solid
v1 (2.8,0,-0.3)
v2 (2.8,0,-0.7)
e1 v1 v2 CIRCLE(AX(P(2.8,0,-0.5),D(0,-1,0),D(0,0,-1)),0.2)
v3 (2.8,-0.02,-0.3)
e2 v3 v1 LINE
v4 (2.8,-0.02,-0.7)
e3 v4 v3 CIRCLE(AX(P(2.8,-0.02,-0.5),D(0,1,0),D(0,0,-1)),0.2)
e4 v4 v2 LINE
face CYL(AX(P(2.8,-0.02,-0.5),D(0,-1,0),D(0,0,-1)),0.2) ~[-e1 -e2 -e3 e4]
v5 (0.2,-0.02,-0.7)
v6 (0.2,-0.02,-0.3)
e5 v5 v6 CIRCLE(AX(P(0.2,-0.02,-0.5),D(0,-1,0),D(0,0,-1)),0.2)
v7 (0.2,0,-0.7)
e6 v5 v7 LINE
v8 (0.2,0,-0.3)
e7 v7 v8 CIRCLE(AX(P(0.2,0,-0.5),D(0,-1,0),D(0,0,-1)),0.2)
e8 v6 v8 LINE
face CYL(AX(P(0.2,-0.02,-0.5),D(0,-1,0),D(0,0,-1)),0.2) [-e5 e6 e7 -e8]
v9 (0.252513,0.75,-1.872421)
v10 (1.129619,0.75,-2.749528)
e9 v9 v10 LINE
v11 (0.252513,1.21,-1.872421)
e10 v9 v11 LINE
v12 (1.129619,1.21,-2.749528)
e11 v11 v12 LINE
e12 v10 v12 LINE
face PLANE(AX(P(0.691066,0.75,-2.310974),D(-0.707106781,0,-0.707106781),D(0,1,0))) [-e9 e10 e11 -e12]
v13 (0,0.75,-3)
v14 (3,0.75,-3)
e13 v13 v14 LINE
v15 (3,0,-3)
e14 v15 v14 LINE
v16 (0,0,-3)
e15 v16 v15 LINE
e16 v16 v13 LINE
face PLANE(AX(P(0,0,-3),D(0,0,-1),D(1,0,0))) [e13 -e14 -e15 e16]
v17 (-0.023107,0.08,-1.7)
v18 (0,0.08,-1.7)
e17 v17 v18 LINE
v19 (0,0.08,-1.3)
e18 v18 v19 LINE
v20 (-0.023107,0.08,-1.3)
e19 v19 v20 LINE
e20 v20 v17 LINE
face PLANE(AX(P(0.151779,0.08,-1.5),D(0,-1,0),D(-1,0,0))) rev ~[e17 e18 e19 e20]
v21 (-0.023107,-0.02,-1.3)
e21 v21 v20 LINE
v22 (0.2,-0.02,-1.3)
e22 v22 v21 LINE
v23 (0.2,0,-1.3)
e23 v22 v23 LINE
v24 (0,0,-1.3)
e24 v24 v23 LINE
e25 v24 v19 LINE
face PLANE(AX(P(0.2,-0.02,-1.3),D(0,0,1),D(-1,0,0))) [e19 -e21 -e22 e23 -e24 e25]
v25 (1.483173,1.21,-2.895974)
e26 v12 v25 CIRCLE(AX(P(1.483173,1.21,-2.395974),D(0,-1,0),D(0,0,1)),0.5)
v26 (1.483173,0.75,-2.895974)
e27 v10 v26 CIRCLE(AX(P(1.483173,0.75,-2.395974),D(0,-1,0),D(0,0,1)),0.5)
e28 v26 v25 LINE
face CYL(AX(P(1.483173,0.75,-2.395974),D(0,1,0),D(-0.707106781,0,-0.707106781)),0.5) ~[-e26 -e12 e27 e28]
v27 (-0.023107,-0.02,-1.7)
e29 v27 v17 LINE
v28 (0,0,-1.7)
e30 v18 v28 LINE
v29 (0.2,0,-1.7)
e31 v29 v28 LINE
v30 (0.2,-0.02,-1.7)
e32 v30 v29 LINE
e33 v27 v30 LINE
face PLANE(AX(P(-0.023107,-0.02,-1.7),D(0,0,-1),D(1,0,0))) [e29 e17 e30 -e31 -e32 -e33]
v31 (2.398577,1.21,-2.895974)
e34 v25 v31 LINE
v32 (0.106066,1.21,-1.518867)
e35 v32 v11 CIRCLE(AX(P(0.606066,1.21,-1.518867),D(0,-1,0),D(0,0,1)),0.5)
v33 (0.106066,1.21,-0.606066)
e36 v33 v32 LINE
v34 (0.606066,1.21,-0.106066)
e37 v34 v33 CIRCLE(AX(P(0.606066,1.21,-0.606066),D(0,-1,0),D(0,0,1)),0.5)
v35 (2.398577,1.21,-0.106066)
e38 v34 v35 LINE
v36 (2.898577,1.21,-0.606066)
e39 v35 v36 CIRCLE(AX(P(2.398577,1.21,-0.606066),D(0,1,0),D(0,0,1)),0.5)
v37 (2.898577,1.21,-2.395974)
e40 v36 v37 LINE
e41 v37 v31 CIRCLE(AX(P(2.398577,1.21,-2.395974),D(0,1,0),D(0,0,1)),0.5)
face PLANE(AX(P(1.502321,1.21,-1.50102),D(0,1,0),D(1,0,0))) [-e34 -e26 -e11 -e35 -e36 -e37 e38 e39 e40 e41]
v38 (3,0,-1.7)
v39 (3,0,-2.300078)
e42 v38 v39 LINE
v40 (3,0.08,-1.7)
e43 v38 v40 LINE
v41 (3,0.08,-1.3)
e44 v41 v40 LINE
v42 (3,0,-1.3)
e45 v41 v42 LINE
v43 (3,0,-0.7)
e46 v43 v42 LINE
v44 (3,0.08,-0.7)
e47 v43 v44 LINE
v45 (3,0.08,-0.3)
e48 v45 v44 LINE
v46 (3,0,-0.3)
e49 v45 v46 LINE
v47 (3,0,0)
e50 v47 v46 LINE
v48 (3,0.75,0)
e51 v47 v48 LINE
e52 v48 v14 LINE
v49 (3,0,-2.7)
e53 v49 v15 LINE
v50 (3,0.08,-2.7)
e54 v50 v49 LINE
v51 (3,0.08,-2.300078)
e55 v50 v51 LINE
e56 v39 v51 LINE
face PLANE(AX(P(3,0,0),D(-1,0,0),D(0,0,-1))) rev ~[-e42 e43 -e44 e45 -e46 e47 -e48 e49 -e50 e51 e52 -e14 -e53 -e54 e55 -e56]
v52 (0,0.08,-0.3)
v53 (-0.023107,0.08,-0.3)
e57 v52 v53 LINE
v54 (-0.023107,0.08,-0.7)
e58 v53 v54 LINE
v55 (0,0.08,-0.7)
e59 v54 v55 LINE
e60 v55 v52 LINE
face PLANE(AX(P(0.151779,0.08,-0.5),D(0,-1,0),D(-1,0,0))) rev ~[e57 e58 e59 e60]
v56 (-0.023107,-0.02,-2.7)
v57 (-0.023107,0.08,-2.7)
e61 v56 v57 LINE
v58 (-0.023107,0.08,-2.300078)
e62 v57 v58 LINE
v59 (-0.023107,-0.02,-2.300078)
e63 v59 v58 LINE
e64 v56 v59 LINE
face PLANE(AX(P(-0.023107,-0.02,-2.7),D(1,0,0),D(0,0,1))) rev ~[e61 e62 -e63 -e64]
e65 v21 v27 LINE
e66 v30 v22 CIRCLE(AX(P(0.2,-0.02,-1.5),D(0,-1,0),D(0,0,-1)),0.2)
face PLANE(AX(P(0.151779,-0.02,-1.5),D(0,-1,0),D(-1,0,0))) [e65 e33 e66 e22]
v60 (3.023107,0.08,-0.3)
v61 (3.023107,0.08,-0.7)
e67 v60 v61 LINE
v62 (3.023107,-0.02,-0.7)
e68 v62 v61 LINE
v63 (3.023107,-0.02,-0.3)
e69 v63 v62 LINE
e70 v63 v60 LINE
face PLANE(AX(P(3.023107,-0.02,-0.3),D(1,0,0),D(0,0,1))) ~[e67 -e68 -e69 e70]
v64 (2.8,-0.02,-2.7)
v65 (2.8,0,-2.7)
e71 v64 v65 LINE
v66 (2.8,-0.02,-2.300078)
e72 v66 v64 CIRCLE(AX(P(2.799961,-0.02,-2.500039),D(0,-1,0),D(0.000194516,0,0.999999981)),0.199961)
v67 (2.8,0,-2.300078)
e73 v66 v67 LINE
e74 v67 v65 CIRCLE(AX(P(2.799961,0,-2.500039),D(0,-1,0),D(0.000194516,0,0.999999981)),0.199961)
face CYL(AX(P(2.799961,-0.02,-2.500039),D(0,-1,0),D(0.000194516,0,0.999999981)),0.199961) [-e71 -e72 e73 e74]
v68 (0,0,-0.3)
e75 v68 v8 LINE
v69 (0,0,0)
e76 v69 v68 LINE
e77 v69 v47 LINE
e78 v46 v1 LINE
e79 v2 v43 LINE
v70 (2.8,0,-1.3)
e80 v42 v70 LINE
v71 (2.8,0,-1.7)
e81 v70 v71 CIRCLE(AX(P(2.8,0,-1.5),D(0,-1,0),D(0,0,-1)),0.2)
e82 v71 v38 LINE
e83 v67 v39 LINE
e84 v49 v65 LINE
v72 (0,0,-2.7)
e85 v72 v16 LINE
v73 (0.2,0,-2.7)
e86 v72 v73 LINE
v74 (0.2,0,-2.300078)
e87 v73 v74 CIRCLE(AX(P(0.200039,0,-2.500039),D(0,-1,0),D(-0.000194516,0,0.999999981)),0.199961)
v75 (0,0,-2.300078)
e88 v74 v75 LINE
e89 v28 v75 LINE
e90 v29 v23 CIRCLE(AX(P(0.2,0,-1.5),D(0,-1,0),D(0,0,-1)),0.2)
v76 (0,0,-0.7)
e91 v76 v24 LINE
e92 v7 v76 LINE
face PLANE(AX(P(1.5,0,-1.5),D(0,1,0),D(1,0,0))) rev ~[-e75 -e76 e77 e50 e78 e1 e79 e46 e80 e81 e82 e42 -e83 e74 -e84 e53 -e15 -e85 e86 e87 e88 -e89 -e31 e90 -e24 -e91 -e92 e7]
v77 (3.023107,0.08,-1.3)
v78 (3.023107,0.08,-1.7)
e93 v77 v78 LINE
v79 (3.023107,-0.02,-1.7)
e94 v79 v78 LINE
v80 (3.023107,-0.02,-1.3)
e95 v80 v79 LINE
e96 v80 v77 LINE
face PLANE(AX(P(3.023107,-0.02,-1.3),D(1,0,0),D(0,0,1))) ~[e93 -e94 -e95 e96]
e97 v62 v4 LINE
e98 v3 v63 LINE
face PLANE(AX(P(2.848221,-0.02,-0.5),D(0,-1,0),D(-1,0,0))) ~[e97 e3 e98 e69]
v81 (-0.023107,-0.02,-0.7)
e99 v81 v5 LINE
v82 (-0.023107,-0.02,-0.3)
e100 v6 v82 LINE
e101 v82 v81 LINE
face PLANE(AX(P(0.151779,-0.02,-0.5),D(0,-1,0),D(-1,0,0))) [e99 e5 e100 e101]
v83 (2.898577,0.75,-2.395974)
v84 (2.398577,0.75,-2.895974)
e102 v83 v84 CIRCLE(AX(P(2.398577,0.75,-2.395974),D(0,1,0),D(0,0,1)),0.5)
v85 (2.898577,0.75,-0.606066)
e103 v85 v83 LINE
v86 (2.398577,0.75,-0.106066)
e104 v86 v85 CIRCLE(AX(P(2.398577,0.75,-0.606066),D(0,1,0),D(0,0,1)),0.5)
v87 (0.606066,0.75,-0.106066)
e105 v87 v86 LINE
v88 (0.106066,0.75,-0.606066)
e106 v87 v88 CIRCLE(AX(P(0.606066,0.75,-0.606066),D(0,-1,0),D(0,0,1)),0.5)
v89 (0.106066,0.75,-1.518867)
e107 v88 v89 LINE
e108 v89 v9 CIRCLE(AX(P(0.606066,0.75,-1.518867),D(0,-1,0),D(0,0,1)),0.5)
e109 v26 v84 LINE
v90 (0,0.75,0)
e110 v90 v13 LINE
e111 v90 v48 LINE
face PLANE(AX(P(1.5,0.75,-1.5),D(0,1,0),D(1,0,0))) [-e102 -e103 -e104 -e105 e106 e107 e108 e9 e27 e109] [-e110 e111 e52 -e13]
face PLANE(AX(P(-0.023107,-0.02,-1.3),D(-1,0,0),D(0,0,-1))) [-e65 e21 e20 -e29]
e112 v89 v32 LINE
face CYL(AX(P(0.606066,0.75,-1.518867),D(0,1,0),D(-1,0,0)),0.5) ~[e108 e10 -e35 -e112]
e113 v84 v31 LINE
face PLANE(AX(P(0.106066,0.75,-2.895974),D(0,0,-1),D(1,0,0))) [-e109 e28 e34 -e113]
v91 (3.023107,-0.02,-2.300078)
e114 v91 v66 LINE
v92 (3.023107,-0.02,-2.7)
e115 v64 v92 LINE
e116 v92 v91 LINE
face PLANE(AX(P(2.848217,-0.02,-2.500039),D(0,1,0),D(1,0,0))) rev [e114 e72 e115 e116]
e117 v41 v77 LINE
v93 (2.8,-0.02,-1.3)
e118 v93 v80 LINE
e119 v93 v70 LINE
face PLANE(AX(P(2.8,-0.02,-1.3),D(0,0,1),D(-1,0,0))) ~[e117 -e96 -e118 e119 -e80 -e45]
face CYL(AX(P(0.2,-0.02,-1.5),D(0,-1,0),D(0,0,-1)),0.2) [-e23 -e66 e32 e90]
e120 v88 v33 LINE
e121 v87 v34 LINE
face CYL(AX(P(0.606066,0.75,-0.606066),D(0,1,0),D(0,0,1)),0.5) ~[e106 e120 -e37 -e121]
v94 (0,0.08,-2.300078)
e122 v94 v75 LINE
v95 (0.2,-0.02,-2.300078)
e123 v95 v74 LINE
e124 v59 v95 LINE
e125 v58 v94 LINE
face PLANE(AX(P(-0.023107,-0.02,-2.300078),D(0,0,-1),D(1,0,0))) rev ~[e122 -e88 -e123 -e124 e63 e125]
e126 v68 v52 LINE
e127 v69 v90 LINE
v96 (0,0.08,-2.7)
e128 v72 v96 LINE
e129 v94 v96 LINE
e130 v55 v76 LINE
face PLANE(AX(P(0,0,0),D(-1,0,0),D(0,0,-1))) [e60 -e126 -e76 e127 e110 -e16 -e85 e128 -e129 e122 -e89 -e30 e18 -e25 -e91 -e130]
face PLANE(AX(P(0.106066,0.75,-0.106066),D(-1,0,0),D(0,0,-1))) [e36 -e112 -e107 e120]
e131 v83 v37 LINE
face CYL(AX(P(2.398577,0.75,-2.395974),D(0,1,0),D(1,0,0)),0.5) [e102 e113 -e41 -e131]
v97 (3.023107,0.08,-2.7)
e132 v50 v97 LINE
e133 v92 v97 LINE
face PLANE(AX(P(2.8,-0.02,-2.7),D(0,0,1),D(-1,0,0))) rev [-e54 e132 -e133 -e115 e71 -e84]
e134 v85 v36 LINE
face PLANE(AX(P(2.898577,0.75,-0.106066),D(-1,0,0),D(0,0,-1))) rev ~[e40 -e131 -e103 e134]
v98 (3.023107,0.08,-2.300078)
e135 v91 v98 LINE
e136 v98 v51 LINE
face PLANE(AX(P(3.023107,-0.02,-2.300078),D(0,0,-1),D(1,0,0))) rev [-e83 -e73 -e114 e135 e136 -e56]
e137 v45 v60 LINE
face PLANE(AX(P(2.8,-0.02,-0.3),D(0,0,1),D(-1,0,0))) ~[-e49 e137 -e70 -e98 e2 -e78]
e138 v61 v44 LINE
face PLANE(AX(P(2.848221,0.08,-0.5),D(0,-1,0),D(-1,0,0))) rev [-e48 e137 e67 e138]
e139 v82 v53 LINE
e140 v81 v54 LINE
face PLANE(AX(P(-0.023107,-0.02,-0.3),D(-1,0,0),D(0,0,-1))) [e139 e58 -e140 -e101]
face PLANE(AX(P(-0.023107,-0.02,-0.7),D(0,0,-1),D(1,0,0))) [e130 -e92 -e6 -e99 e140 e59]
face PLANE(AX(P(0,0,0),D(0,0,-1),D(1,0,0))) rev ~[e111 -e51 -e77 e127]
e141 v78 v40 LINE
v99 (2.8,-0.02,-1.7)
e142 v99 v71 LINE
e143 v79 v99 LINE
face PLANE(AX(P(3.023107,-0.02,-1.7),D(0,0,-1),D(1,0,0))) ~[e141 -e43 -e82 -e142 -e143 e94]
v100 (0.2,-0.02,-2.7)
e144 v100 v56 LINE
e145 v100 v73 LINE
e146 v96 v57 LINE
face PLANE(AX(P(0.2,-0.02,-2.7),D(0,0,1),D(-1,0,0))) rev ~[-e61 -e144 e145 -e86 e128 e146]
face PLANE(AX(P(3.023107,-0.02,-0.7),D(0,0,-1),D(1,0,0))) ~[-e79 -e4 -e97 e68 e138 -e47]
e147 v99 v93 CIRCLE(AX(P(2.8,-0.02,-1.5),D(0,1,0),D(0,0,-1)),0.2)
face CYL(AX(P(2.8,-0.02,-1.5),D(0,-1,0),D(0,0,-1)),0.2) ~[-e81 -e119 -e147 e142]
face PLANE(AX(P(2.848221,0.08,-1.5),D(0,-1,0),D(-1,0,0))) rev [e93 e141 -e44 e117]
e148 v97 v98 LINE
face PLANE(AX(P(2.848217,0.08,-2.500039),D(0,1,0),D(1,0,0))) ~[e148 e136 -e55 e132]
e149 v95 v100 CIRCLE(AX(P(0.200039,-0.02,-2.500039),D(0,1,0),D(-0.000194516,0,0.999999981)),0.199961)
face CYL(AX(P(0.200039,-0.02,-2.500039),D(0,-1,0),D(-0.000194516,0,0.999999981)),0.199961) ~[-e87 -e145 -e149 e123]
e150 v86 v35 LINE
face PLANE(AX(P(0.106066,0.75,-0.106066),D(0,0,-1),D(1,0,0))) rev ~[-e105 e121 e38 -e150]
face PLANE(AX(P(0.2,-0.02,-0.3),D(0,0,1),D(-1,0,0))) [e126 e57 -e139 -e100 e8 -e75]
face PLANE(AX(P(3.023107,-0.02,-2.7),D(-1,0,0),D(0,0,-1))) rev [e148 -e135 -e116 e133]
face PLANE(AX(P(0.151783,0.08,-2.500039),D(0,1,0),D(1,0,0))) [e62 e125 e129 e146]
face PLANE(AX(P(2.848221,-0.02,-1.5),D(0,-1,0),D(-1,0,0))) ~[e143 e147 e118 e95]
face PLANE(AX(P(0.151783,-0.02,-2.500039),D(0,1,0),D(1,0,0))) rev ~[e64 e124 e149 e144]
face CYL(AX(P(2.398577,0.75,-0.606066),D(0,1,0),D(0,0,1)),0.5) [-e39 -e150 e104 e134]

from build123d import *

# Parameters (mm, degrees)
SKETCH1_W           = 3
SKETCH1_H           = 3
BOSS_EXTRUDE1_DEPTH = 0.75
SKETCH2_W           = 2.792510514
SKETCH2_H           = 2.789908115
BOSS_EXTRUDE2_DEPTH = 0.46
FILLET1_R           = 0.5
CHAMFER1_SIZE       = 1.17
FILLET2_R           = 0.5
BOSS_EXTRUDE3_START = 0.02
BOSS_EXTRUDE3_DEPTH = 0.1


with BuildPart() as part:
    # Sketch1 → Boss-Extrude1 (new body)
    with BuildSketch(Plane(origin=(0, 0, 0), x_dir=(1, 0, 0), z_dir=(0, 1, 0))):
        with Locations((1.5, 1.5)):
            Rectangle(SKETCH1_W, SKETCH1_H)
    extrude(amount=BOSS_EXTRUDE1_DEPTH)

    # Sketch2 → Boss-Extrude2 (add)
    with BuildSketch(Plane(origin=(0, 0.75, 0), x_dir=(1, 0, 0), z_dir=(0, 1, 0))):
        with Locations((1.502321274, 1.501020074)):
            Rectangle(SKETCH2_W, SKETCH2_H)
    extrude(amount=BOSS_EXTRUDE2_DEPTH)

    # Fillet1
    fillet1_edges = [part.edges().sort_by_distance(p)[0] for p in [
        (2.898576531, 0.98, -0.106066017),
        (2.898576531, 0.98, -2.895974132),
        (0.106066017, 0.98, -0.106066017),
    ]]
    fillet(fillet1_edges, radius=FILLET1_R)

    # Chamfer1
    chamfer1_edges = [part.edges().sort_by_distance(p)[0] for p in [
        (0.106066017, 0.98, -2.895974132),
    ]]
    chamfer(chamfer1_edges, length=CHAMFER1_SIZE)

    # Fillet2
    fillet2_edges = [part.edges().sort_by_distance(p)[0] for p in [
        (0.106066017, 0.98, -1.725974132),
        (1.276066017, 0.98, -2.895974132),
    ]]
    fillet(fillet2_edges, radius=FILLET2_R)

    # Sketch4 → Boss-Extrude3 (add)
    with BuildSketch(Plane(origin=(0, 0, 0), x_dir=(-1, 0, 0), z_dir=(0, -1, 0)).offset(BOSS_EXTRUDE3_START)):
        with BuildLine():
            Line((-0.2, 0.3), (0, 0.3))
            Line((0, 0.3), (0.02310672, 0.3))
            Line((0.02310672, 0.3), (0.02310672, 0.7))
            Line((0.02310672, 0.7), (0, 0.7))
            Line((0, 0.7), (-0.2, 0.7))
            ThreePointArc((-0.2, 0.7), (-0.4, 0.5), (-0.2, 0.3))
        make_face()
        with BuildLine():
            Line((-0.2, 1.3), (0, 1.3))
            Line((0, 1.3), (0.02310672, 1.3))
            Line((0.02310672, 1.3), (0.02310672, 1.7))
            Line((0.02310672, 1.7), (0, 1.7))
            Line((0, 1.7), (-0.2, 1.7))
            ThreePointArc((-0.2, 1.7), (-0.4, 1.5), (-0.2, 1.3))
        make_face()
        with BuildLine():
            Line((-0.2, 2.7), (0, 2.7))
            Line((0, 2.7), (0.02310672, 2.7))
            Line((0.02310672, 2.7), (0.02310672, 2.300077799))
            Line((0.02310672, 2.300077799), (0, 2.300077799))
            Line((0, 2.300077799), (-0.2, 2.300077799))
            ThreePointArc((-0.2, 2.300077799), (-0.4, 2.500038899), (-0.2, 2.7))
        make_face()
    boss_extrude3 = extrude(amount=-BOSS_EXTRUDE3_DEPTH)

    # Mirror1: Boss-Extrude3 across plane
    add(boss_extrude3.mirror(Plane(origin=(1.5, 0, 0), x_dir=(0, 0, 1), z_dir=(1, 0, 0))))


solid = part.part
